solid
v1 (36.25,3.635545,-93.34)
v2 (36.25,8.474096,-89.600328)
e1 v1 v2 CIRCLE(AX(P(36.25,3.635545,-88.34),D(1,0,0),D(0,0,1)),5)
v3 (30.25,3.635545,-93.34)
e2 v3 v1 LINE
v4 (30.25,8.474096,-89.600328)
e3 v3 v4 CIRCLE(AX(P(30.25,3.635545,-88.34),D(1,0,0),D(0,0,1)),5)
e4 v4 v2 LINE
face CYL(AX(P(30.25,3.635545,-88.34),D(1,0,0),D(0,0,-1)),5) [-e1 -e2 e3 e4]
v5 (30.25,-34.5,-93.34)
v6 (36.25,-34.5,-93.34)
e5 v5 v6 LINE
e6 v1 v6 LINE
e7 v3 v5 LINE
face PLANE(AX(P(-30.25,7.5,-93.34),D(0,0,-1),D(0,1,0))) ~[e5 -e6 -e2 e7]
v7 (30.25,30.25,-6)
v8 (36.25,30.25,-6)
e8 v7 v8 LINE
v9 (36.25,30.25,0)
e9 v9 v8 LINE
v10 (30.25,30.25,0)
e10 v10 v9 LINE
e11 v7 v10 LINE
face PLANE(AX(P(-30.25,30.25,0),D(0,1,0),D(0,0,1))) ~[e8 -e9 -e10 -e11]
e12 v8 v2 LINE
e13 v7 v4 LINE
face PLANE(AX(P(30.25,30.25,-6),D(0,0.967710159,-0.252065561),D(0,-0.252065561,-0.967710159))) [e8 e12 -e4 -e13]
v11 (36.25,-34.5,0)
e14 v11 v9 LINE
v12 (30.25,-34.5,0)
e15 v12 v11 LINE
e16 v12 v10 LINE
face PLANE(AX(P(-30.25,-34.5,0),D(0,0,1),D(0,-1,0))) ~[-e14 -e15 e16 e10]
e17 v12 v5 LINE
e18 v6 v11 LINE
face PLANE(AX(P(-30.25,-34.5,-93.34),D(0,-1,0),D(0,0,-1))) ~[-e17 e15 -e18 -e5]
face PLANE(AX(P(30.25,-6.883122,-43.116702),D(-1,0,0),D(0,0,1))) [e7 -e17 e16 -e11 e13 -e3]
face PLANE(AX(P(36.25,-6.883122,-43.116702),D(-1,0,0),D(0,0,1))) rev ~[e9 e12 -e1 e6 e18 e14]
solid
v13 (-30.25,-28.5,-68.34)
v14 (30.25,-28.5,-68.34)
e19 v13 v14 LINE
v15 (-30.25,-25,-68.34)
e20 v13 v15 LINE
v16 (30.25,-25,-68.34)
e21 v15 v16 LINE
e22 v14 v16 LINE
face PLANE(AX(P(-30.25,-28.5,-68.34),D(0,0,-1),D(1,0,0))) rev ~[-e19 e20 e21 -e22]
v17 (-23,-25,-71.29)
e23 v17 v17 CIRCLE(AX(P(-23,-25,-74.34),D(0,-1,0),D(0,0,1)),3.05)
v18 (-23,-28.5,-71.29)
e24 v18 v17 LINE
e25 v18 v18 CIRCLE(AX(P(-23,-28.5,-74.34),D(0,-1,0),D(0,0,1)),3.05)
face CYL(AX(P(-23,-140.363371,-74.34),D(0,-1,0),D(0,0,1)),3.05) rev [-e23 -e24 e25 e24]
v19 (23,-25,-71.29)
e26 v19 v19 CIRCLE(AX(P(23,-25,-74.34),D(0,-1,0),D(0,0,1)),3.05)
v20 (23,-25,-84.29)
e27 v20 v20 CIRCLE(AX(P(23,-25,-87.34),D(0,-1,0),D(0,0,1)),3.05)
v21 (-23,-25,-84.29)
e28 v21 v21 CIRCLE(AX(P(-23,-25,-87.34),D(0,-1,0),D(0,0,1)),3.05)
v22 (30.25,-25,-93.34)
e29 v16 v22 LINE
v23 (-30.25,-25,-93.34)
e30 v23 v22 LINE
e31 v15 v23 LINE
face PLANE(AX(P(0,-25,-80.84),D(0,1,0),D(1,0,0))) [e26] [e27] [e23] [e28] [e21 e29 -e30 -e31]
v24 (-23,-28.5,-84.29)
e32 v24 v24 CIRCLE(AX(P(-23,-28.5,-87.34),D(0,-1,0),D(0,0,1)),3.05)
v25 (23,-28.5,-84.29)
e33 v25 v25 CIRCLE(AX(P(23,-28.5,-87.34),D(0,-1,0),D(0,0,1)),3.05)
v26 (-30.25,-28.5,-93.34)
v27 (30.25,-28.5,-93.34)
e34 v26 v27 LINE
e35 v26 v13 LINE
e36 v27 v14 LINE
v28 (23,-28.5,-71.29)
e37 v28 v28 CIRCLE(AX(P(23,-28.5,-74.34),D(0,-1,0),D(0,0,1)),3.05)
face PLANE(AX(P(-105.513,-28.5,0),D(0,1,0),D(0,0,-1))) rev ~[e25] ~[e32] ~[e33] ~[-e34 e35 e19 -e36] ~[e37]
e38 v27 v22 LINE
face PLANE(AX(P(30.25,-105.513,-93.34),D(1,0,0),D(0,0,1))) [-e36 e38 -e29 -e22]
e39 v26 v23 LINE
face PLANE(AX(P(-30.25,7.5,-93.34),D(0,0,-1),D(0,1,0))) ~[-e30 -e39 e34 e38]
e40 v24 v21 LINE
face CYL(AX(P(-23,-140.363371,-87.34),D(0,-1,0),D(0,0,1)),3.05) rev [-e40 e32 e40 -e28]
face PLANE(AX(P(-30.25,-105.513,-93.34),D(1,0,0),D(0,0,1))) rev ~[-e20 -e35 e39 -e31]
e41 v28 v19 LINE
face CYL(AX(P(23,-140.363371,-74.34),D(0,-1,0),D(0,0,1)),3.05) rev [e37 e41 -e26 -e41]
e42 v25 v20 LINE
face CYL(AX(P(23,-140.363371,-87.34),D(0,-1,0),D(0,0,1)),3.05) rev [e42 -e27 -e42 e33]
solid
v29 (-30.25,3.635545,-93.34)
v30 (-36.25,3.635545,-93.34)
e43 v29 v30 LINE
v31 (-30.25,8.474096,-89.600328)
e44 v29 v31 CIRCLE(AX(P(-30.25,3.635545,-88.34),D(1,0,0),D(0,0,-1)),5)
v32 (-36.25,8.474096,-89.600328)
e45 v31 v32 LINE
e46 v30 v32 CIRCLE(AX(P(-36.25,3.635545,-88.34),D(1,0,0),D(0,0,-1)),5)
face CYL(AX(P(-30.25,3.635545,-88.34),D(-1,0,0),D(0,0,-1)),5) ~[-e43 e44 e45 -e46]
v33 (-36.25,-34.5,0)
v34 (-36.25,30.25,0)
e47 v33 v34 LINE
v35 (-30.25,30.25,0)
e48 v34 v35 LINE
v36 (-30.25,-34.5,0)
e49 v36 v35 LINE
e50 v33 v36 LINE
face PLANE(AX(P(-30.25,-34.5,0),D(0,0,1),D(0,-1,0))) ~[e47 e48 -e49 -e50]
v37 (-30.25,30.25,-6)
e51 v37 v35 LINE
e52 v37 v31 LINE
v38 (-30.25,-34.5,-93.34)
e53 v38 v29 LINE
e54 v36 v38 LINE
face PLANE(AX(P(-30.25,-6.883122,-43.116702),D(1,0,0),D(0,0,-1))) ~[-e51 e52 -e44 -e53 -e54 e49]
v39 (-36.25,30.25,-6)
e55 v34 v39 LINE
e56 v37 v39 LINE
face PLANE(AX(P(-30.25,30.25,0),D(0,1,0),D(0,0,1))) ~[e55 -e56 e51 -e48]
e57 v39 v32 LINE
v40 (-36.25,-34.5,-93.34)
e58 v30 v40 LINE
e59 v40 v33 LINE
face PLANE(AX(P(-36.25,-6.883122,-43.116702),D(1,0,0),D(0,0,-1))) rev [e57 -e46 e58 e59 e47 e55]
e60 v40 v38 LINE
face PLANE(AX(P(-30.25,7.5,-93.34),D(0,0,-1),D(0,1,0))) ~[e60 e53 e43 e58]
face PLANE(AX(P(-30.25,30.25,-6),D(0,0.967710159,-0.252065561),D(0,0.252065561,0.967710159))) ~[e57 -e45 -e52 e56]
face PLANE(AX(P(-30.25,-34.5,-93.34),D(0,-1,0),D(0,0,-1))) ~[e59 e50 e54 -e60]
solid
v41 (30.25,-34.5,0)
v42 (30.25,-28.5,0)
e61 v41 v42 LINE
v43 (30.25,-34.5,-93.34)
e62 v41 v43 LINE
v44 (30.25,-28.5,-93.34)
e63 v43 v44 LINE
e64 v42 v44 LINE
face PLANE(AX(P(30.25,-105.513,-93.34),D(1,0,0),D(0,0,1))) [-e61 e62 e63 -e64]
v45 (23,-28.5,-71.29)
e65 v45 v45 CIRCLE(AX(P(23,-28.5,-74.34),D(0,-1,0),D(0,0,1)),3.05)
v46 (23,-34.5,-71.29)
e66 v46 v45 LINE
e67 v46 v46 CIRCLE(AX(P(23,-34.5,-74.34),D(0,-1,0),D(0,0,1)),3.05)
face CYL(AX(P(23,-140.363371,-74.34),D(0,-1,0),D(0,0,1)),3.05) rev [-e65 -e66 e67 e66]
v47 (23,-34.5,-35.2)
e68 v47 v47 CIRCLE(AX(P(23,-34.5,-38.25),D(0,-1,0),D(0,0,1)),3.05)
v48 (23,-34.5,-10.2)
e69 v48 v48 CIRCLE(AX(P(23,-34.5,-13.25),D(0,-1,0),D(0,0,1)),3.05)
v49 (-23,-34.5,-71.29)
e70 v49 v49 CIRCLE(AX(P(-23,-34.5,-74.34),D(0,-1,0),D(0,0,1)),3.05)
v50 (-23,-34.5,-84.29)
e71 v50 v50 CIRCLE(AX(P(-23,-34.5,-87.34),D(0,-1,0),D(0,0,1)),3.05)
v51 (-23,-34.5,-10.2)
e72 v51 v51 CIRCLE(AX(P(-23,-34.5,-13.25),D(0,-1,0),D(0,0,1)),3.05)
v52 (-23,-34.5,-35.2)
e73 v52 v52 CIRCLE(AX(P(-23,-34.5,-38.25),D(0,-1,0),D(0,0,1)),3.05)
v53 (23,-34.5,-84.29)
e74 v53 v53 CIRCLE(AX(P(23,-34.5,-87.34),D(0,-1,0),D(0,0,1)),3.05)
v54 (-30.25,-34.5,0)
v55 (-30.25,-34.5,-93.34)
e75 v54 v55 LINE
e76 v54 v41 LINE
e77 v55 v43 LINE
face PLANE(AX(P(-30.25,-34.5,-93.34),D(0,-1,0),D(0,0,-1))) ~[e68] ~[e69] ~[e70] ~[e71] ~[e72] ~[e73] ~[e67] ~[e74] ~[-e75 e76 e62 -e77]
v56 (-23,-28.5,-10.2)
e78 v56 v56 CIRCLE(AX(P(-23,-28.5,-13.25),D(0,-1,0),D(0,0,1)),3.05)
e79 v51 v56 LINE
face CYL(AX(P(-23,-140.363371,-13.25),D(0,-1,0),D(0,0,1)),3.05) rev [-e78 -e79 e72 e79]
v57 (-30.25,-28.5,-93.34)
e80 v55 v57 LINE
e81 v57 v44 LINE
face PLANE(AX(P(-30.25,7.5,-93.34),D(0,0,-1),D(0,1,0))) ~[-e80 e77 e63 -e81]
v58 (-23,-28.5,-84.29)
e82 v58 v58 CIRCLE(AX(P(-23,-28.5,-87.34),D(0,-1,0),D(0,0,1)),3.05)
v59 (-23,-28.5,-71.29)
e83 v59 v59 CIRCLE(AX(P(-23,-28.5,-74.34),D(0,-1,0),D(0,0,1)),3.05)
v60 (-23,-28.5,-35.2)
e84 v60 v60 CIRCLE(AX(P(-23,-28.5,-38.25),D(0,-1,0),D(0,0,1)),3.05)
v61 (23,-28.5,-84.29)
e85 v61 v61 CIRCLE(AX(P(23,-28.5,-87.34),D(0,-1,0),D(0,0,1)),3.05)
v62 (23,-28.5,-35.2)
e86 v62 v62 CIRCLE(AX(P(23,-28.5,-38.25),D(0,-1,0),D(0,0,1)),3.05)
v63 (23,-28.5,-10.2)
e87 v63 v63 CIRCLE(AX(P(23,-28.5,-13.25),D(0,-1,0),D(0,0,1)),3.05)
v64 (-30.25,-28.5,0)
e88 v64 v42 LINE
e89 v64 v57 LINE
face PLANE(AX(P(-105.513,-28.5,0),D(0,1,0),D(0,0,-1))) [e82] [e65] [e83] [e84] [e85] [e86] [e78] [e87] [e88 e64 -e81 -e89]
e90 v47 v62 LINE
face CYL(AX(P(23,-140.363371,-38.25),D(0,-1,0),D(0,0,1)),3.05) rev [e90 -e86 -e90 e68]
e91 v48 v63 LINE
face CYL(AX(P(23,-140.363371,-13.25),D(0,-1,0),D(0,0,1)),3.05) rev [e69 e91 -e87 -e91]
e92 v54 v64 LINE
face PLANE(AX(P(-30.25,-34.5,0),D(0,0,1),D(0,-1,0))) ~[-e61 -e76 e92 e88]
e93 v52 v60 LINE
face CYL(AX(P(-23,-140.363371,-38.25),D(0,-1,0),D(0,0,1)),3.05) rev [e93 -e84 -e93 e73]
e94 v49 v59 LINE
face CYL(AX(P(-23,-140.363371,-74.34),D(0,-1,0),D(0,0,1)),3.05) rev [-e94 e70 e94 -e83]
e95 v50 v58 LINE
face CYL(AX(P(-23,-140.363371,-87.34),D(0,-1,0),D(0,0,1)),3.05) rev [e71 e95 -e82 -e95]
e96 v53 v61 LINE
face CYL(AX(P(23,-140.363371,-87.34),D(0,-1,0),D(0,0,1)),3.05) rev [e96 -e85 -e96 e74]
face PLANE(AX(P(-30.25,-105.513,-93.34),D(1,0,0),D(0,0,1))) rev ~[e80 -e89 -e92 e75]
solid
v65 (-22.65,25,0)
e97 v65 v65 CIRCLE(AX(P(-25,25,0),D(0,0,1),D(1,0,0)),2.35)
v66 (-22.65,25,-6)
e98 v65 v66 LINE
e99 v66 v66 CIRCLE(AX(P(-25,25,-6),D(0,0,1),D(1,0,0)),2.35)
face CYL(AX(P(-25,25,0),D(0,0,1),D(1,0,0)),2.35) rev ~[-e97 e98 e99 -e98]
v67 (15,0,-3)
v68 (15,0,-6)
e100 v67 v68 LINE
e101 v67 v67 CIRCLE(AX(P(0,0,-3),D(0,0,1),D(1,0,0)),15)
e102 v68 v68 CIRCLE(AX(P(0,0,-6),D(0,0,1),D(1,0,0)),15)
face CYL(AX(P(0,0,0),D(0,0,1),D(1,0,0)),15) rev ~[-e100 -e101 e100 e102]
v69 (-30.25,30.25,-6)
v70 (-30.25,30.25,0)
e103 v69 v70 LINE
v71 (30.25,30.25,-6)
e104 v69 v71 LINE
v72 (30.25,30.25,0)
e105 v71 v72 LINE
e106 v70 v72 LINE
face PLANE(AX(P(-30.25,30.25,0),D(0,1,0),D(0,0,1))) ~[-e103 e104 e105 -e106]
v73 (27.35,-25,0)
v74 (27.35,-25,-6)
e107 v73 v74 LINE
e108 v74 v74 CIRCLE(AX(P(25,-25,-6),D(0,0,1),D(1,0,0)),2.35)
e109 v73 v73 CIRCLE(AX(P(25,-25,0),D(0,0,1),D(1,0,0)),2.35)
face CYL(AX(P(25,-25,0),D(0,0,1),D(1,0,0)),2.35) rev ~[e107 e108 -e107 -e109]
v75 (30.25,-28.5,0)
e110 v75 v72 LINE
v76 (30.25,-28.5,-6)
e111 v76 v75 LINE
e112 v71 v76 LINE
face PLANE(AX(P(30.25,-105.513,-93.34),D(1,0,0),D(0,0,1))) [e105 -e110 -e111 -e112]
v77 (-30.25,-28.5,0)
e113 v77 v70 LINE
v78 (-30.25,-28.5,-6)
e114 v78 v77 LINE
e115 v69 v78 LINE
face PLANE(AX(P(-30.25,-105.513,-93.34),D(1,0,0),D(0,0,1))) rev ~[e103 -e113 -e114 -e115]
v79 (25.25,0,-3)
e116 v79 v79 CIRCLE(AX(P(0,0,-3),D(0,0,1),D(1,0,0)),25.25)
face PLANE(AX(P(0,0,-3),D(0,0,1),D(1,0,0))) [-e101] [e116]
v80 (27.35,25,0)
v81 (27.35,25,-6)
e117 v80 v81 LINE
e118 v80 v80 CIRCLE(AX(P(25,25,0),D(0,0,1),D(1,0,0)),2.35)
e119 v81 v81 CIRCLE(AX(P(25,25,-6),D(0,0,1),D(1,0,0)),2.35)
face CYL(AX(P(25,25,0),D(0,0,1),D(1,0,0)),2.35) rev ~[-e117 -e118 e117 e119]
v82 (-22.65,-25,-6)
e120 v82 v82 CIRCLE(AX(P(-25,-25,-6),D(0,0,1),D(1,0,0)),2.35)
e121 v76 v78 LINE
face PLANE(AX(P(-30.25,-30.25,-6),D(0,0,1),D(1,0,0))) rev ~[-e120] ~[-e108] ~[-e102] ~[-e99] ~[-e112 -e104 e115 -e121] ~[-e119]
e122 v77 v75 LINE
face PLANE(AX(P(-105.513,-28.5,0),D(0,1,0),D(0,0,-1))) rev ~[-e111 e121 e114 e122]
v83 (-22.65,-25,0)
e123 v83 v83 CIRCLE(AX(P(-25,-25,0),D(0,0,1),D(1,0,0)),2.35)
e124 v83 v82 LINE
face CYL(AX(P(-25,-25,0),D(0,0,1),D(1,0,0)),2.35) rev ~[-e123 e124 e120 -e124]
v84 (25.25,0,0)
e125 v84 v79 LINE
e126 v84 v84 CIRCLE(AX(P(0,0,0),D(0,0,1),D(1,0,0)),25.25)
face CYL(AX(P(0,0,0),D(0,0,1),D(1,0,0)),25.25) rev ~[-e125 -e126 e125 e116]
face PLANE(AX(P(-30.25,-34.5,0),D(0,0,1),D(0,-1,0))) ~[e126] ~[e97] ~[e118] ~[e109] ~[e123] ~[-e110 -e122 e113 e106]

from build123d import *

# Parameters (mm, degrees)
SKETCH1_W                = 60.5
SKETCH1_H                = 60.5
SKETCH1_R                = 15
SKETCH1_R_2              = 2.35
BOSS_EXTRUDE1_DEPTH      = 6
SKETCH2_R                = 25.25
CUT_EXTRUDE1_DEPTH       = 3
SKETCH3_W                = 60.5
SKETCH3_H                = 6
BOSS_EXTRUDE2_DEPTH      = 4.25
SKETCH4_W                = 60.5
SKETCH4_H                = 6
BOSS_EXTRUDE3_DEPTH      = 87.34
BOSS_EXTRUDE4_DEPTH      = 6
SKETCH6_W                = 60.5
SKETCH6_H                = 25
BOSS_EXTRUDE5_DEPTH      = 3.5
CUT_EXTRUDE2_DEPTH       = 115.363370884
CUT_EXTRUDE2_DEPTH_BACK  = 115.363370884
SKETCH7_R                = 3.05
FILLET1_R                = 5
SPLIT1_SURFACE_1_1_BACK  = 135.763
SPLIT1_SURFACE_1_1_DEPTH = 271.526
SPLIT1_SURFACE_1_2_BACK  = 135.763
SPLIT1_SURFACE_1_2_DEPTH = 271.526
SPLIT1_SURFACE_2_3_BACK  = 135.763
SPLIT1_SURFACE_2_3_DEPTH = 271.526
SPLIT1_SURFACE_2_4_BACK  = 135.763
SPLIT1_SURFACE_2_4_DEPTH = 271.526
SPLIT2_SURFACE_5_BACK    = 135.763
SPLIT2_SURFACE_5_DEPTH   = 271.526
SPLIT2_SURFACE_6_BACK    = 135.763
SPLIT2_SURFACE_6_DEPTH   = 271.526


with BuildPart() as part:
    # Sketch1 → Boss-Extrude1 (new body)
    with BuildSketch(Plane.XY):
        Rectangle(SKETCH1_W, SKETCH1_H)
        Circle(SKETCH1_R, mode=Mode.SUBTRACT)
        with Locations((-25, 25)):
            Circle(SKETCH1_R_2, mode=Mode.SUBTRACT)
        with Locations((25, 25)):
            Circle(SKETCH1_R_2, mode=Mode.SUBTRACT)
        with Locations((25, -25)):
            Circle(SKETCH1_R_2, mode=Mode.SUBTRACT)
        with Locations((-25, -25)):
            Circle(SKETCH1_R_2, mode=Mode.SUBTRACT)
    extrude(amount=-BOSS_EXTRUDE1_DEPTH)

    # Sketch2 → Cut-Extrude1 (cut)
    with BuildSketch(Plane.XY):
        Circle(SKETCH2_R)
    extrude(amount=-CUT_EXTRUDE1_DEPTH, mode=Mode.SUBTRACT)

    # Sketch3 → Boss-Extrude2 (add)
    with BuildSketch(Plane.XZ.offset(30.25)):
        with Locations((0, -3)):
            Rectangle(SKETCH3_W, SKETCH3_H)
    extrude(amount=BOSS_EXTRUDE2_DEPTH)

    # Sketch4 → Boss-Extrude3 (add)
    with BuildSketch(Plane(origin=(0, 0, -6), x_dir=(-1, 0, 0), z_dir=(0, 0, -1))):
        with Locations((0, -31.5)):
            Rectangle(SKETCH4_W, SKETCH4_H)
    extrude(amount=BOSS_EXTRUDE3_DEPTH)

    # Sketch5 → Boss-Extrude4 (add)
    with BuildSketch(Plane(origin=(30.25, 0, 0), x_dir=(0, 0, -1), z_dir=(1, 0, 0))):
        Polygon((0, 30.25), (6, 30.25), (93.34, 7.5), (93.34, -34.5), (0, -34.5), align=None)
    boss_extrude4 = extrude(amount=BOSS_EXTRUDE4_DEPTH)

    # Mirror1: Boss-Extrude4 across plane
    add(boss_extrude4.mirror(Plane(origin=(0, 0, 0), x_dir=(0, 0, 1), z_dir=(1, 0, 0))))

    # Sketch6 → Boss-Extrude5 (add)
    with BuildSketch(Plane(origin=(0, -28.5, 0), x_dir=(1, 0, 0), z_dir=(0, 1, 0))):
        with Locations((0, 80.84)):
            Rectangle(SKETCH6_W, SKETCH6_H)
    extrude(amount=BOSS_EXTRUDE5_DEPTH)

    # Sketch7 → Cut-Extrude2 (cut, two sides: drawn at the far end of the back side and taken through both)
    with BuildSketch(Plane(origin=(0, -25, 0), x_dir=(1, 0, 0), z_dir=(0, 1, 0)).offset(-CUT_EXTRUDE2_DEPTH_BACK)):
        with Locations(Location((-23, 87.34, 0), (0, 0, 270))):
            Circle(SKETCH7_R)
        with Locations(Location((23, 87.34, 0), (0, 0, 270))):
            Circle(SKETCH7_R)
        with Locations(Location((23, 74.34, 0), (0, 0, 270))):
            Circle(SKETCH7_R)
        with Locations(Location((-23, 74.34, 0), (0, 0, 270))):
            Circle(SKETCH7_R)
        with Locations(Location((-23, 13.25, 0), (0, 0, 270))):
            Circle(SKETCH7_R)
        with Locations(Location((23, 13.25, 0), (0, 0, 270))):
            Circle(SKETCH7_R)
        with Locations(Location((-23, 38.25, 0), (0, 0, 270))):
            Circle(SKETCH7_R)
        with Locations(Location((23, 38.25, 0), (0, 0, 270))):
            Circle(SKETCH7_R)
    extrude(amount=CUT_EXTRUDE2_DEPTH + CUT_EXTRUDE2_DEPTH_BACK, mode=Mode.SUBTRACT)

    # Fillet1
    fillet1_edges = [part.edges().sort_by_distance(p)[0] for p in [
        (33.25, 7.5, -93.34),
        (-33.25, 7.5, -93.34),
    ]]
    fillet(fillet1_edges, radius=FILLET1_R)


with BuildPart() as body_2:
    # Split1: the piece behind the surface
    add(part.part)
    # Split1 surface 1: a surface, the sketch's curves swept straight by 271.526 mm
    with BuildLine(Plane(origin=(0, 30.25, 0), x_dir=(1, 0, 0), z_dir=(0, 1, 0)).offset(-SPLIT1_SURFACE_1_1_BACK), mode=Mode.PRIVATE) as split1_surface_1_1_path:
        Line((-30.25, 93.34), (-30.25, 0))
    split1_surface_1_1 = Shell.extrude(split1_surface_1_1_path.wire(), (0 * SPLIT1_SURFACE_1_1_DEPTH, 1 * SPLIT1_SURFACE_1_1_DEPTH, 0 * SPLIT1_SURFACE_1_1_DEPTH))
    split(bisect_by=split1_surface_1_1, keep=Keep.BOTTOM)


with BuildPart() as part_1:
    add(part.part)

    # Split1: split by a surface, the side it looks to stays
    # Split1 surface 1: a surface, the sketch's curves swept straight by 271.526 mm
    with BuildLine(Plane(origin=(0, 30.25, 0), x_dir=(1, 0, 0), z_dir=(0, 1, 0)).offset(-SPLIT1_SURFACE_1_2_BACK), mode=Mode.PRIVATE) as split1_surface_1_2_path:
        Line((-30.25, 93.34), (-30.25, 0))
    split1_surface_1_2 = Shell.extrude(split1_surface_1_2_path.wire(), (0 * SPLIT1_SURFACE_1_2_DEPTH, 1 * SPLIT1_SURFACE_1_2_DEPTH, 0 * SPLIT1_SURFACE_1_2_DEPTH))
    split(bisect_by=split1_surface_1_2, keep=Keep.TOP)


with BuildPart() as body_3:
    # Split1 2: the piece behind the surface
    add(part_1.part)
    # Split1 surface 2: a surface, the sketch's curves swept straight by 271.526 mm
    with BuildLine(Plane(origin=(0, 30.25, 0), x_dir=(1, 0, 0), z_dir=(0, 1, 0)).offset(-SPLIT1_SURFACE_2_3_BACK), mode=Mode.PRIVATE) as split1_surface_2_3_path:
        Line((30.25, 93.34), (30.25, 0))
    split1_surface_2_3 = Shell.extrude(split1_surface_2_3_path.wire(), (0 * SPLIT1_SURFACE_2_3_DEPTH, 1 * SPLIT1_SURFACE_2_3_DEPTH, 0 * SPLIT1_SURFACE_2_3_DEPTH))
    split(bisect_by=split1_surface_2_3, keep=Keep.BOTTOM)


with BuildPart() as part_2:
    add(part_1.part)

    # Split1 2: split by a surface, the side it looks to stays
    # Split1 surface 2: a surface, the sketch's curves swept straight by 271.526 mm
    with BuildLine(Plane(origin=(0, 30.25, 0), x_dir=(1, 0, 0), z_dir=(0, 1, 0)).offset(-SPLIT1_SURFACE_2_4_BACK), mode=Mode.PRIVATE) as split1_surface_2_4_path:
        Line((30.25, 93.34), (30.25, 0))
    split1_surface_2_4 = Shell.extrude(split1_surface_2_4_path.wire(), (0 * SPLIT1_SURFACE_2_4_DEPTH, 1 * SPLIT1_SURFACE_2_4_DEPTH, 0 * SPLIT1_SURFACE_2_4_DEPTH))
    split(bisect_by=split1_surface_2_4, keep=Keep.TOP)


with BuildPart() as body_4_2:
    # Split2: the piece behind the surface
    add(body_3.part)
    # Split2 surface: a surface, the sketch's curves swept straight by 271.526 mm
    with BuildLine(Plane(origin=(30.25, 0, 0), x_dir=(0, 0, -1), z_dir=(1, 0, 0)).offset(-SPLIT2_SURFACE_5_BACK), mode=Mode.PRIVATE) as split2_surface_5_path:
        Line((0, -28.5), (93.34, -28.5))
    split2_surface_5 = Shell.extrude(split2_surface_5_path.wire(), (1 * SPLIT2_SURFACE_5_DEPTH, 0 * SPLIT2_SURFACE_5_DEPTH, 0 * SPLIT2_SURFACE_5_DEPTH))
    split(bisect_by=split2_surface_5, keep=Keep.BOTTOM)


with BuildPart() as body_3_1:
    add(body_3.part)

    # Split2: split by a surface, the side it looks to stays
    # Split2 surface: a surface, the sketch's curves swept straight by 271.526 mm
    with BuildLine(Plane(origin=(30.25, 0, 0), x_dir=(0, 0, -1), z_dir=(1, 0, 0)).offset(-SPLIT2_SURFACE_6_BACK), mode=Mode.PRIVATE) as split2_surface_6_path:
        Line((0, -28.5), (93.34, -28.5))
    split2_surface_6 = Shell.extrude(split2_surface_6_path.wire(), (1 * SPLIT2_SURFACE_6_DEPTH, 0 * SPLIT2_SURFACE_6_DEPTH, 0 * SPLIT2_SURFACE_6_DEPTH))
    split(bisect_by=split2_surface_6, keep=Keep.TOP)


solid = Compound([body_2.part, part_2.part, body_4_2.part, body_3_1.part])
